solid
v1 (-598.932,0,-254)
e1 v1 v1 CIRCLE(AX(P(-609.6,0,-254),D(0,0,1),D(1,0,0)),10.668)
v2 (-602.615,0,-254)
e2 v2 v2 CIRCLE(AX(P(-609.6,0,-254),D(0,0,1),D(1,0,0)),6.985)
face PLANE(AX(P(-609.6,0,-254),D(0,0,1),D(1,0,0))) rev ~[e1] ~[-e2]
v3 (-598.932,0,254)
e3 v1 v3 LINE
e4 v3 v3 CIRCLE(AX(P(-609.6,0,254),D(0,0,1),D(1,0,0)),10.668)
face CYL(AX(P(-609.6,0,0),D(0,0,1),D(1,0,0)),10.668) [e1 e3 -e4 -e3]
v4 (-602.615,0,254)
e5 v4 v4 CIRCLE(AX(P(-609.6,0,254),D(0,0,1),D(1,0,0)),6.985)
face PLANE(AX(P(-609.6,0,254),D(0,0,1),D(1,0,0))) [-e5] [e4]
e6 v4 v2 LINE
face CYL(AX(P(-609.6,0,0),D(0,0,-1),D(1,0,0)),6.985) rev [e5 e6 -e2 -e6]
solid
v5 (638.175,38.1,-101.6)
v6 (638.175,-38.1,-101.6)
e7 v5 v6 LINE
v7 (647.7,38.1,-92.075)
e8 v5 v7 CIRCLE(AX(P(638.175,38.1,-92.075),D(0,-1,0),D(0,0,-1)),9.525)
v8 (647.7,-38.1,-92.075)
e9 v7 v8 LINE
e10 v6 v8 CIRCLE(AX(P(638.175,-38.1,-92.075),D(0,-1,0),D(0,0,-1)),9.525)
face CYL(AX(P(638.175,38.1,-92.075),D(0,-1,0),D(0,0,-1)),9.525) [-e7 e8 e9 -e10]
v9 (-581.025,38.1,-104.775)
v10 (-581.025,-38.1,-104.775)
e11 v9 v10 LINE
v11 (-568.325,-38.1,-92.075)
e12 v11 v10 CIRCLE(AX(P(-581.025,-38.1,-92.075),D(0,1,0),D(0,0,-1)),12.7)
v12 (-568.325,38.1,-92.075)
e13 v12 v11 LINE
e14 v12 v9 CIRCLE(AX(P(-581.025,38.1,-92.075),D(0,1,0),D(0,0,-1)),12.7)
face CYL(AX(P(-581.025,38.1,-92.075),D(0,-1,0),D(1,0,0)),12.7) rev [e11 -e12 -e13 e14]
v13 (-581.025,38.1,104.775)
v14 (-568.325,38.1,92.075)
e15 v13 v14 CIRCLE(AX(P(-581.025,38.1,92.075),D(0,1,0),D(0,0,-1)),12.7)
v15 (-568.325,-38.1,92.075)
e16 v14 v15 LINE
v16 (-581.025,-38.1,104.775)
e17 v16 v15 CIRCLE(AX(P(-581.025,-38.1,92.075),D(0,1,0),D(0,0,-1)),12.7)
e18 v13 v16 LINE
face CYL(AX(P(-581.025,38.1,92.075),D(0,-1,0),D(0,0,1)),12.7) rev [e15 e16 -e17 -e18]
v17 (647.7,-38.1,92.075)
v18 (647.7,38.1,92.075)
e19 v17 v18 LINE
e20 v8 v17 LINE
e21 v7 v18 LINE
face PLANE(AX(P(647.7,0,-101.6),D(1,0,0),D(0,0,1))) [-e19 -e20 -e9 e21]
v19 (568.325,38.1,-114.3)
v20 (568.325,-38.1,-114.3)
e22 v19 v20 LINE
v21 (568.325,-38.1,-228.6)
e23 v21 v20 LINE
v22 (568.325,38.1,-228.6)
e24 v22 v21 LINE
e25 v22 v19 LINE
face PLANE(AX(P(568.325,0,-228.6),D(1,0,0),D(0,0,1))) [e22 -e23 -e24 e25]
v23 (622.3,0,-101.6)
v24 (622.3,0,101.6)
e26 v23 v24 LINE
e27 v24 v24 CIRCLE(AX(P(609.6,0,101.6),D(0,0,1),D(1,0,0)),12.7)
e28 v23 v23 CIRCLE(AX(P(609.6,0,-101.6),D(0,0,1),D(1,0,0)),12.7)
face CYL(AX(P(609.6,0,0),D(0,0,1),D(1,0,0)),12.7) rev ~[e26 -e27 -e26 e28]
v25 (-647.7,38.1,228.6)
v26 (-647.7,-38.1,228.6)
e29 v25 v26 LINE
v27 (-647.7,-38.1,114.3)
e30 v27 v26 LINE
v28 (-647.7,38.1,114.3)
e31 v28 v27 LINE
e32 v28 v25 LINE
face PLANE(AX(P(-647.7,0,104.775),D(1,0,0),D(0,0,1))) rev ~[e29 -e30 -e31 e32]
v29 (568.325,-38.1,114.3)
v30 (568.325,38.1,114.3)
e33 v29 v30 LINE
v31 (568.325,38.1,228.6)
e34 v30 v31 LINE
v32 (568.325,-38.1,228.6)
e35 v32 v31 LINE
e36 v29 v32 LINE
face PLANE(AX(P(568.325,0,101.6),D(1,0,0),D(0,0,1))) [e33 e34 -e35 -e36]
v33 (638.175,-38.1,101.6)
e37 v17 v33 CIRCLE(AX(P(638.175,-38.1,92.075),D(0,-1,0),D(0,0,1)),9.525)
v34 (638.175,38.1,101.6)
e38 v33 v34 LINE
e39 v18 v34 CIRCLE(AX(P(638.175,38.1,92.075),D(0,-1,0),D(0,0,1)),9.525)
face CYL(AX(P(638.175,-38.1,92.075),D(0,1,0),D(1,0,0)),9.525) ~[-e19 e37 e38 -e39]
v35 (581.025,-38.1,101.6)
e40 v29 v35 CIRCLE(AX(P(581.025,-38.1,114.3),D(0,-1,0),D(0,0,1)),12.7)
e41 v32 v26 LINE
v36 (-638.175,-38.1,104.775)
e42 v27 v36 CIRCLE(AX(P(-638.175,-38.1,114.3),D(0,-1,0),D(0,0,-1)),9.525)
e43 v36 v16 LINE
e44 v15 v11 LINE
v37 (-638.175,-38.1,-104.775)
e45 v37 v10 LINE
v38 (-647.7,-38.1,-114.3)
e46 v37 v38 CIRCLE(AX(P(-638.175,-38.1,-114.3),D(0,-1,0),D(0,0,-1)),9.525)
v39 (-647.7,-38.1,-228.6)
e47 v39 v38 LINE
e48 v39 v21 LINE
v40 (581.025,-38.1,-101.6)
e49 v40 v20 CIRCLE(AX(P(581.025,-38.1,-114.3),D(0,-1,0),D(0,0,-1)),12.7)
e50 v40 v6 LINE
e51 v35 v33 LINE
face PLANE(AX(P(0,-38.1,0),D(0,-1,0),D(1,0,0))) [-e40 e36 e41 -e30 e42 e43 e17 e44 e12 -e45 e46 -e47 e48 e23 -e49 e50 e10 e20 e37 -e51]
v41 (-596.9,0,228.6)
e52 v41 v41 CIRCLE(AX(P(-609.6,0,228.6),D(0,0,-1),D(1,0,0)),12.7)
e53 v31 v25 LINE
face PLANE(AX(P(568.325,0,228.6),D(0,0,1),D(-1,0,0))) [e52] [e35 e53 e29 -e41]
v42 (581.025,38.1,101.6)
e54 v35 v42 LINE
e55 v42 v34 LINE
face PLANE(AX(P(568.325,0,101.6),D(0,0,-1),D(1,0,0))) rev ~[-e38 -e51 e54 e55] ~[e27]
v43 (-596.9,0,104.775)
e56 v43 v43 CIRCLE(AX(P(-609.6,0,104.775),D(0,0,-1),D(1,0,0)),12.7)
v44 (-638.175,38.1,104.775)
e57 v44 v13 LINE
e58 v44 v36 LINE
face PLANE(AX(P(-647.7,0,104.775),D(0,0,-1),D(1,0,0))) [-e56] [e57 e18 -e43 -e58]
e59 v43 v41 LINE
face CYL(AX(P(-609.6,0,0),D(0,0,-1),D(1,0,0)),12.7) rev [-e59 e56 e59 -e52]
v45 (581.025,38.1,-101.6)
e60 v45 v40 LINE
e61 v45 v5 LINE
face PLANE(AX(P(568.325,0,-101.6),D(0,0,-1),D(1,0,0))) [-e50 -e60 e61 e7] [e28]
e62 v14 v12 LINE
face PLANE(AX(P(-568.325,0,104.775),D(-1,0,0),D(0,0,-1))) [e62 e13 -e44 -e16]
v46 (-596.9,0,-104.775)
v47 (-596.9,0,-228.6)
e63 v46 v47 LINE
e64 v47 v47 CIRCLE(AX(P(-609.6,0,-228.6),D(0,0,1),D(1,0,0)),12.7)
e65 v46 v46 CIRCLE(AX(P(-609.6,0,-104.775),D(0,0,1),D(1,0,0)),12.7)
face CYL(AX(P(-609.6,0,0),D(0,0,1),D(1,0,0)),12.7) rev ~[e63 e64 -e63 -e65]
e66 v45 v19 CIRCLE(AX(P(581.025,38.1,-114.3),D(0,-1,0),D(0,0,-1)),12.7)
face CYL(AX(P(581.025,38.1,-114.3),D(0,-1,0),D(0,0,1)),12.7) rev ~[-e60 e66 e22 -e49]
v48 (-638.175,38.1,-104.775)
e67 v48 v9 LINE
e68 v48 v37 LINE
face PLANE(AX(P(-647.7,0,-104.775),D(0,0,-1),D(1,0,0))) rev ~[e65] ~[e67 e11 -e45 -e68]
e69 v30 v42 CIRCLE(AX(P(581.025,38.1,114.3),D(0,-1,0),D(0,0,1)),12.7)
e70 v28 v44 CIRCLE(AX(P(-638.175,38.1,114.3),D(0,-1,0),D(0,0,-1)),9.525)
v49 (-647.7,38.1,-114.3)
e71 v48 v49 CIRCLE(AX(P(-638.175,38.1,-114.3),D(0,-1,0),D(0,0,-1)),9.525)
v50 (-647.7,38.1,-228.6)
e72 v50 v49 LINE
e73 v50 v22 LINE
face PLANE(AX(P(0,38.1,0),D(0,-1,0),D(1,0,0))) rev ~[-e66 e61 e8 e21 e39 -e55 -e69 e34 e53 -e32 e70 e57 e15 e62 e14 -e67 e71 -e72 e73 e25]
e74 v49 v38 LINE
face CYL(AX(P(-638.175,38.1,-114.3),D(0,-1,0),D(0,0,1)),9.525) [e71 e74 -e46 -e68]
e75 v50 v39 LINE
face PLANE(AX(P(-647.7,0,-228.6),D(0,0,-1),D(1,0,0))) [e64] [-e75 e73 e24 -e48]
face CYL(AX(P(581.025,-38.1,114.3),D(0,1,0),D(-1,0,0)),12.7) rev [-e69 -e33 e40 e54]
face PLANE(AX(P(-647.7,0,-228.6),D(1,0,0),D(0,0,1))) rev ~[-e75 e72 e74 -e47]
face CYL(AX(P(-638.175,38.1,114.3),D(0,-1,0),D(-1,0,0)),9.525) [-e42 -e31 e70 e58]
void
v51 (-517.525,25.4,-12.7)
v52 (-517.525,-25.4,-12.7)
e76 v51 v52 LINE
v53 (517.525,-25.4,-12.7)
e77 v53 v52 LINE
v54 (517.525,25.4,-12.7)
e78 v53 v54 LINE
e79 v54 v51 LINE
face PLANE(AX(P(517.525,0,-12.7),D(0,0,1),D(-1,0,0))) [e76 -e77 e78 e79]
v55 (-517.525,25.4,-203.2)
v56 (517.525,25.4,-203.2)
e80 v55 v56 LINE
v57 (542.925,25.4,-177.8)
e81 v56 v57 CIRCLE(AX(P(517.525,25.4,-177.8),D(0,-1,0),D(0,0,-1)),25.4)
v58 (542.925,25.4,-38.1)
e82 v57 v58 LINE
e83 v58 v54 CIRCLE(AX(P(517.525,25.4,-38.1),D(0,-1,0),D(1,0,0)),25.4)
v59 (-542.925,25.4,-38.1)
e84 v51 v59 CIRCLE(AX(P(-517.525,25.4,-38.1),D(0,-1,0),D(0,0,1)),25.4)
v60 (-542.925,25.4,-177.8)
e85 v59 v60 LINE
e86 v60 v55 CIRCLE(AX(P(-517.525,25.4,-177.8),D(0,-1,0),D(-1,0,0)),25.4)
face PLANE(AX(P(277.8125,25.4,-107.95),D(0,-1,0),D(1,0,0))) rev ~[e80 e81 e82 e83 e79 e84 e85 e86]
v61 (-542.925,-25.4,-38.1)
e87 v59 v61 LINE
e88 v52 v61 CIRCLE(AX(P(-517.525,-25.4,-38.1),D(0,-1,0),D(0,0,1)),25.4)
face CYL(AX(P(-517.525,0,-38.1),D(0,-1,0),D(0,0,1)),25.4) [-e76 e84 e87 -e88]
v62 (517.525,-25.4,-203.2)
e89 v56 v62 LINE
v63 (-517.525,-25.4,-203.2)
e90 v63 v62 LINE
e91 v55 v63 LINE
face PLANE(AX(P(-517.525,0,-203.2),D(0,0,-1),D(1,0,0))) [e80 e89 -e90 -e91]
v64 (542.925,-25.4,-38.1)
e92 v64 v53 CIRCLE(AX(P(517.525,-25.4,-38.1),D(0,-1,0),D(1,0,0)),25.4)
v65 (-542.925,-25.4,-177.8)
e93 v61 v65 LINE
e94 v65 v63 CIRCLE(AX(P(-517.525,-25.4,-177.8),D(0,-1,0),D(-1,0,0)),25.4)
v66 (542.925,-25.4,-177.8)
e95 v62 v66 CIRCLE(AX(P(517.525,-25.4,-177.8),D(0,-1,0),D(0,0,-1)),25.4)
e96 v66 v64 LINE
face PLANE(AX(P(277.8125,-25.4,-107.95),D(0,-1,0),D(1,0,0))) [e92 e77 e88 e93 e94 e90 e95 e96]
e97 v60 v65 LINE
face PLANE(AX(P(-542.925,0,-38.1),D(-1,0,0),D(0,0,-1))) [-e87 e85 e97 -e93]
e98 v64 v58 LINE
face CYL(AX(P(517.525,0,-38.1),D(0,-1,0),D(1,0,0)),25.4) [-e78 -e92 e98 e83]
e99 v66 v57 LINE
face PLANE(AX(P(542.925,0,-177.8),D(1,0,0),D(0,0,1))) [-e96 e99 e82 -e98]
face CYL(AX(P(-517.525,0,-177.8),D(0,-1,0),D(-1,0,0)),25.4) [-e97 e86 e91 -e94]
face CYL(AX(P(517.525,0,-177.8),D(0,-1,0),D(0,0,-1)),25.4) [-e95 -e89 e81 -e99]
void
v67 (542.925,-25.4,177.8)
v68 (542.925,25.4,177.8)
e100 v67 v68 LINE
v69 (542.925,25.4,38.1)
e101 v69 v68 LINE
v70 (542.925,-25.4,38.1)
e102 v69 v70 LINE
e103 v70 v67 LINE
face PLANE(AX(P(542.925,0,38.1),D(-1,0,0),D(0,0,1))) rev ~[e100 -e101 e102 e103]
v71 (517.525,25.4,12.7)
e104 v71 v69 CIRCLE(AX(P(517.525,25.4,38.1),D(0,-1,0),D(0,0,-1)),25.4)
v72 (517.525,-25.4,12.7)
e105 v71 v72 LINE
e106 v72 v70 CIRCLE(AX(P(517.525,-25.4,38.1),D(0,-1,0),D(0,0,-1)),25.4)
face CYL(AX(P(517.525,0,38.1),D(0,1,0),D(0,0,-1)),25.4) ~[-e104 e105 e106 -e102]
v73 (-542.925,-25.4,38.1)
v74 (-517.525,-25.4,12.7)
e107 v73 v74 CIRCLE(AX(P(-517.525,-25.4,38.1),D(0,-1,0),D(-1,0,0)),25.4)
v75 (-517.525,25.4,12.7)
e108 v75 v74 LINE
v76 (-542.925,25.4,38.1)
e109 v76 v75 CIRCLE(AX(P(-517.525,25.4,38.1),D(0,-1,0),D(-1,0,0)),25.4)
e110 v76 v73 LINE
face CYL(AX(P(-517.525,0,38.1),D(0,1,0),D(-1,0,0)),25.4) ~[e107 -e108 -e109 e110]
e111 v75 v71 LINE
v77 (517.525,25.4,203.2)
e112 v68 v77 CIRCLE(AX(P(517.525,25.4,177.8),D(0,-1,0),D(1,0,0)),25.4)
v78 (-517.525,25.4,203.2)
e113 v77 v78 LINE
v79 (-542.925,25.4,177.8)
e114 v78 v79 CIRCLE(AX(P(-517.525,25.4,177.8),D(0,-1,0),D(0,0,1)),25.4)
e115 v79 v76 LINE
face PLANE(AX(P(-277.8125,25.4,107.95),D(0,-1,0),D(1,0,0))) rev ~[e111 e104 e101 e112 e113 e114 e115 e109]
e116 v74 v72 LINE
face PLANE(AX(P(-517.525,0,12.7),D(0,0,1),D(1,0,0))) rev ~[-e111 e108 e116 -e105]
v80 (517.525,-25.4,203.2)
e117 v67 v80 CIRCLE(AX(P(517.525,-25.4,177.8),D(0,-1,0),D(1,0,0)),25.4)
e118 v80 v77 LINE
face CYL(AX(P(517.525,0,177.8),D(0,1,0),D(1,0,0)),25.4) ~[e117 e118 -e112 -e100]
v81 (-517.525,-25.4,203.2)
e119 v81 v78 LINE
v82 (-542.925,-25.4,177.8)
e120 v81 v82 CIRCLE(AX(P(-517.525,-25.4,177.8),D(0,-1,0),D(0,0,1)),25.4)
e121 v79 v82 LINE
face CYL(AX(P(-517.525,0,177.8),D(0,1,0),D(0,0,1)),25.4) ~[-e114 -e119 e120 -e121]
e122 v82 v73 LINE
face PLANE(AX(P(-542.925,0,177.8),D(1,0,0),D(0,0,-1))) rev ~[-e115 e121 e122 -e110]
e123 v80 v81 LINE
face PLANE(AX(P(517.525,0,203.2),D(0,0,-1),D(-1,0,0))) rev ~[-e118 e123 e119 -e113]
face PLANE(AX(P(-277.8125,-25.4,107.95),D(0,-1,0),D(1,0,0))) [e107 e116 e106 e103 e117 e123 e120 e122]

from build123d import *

# Parameters (mm, degrees)
F0_W     = 79.375
F0_H     = 123.825
F0_H_2   = 203.2
F1_DEPTH = 38.1
F2_R     = 12.7
F3_DEPTH = 254
F4_R     = 9.525
F5_R     = 12.7
F7_DEPTH = 25.4
F8_R     = 10.668
F8_R_2   = 6.985
F9_DEPTH = 254


with BuildPart() as f1:
    # F0 (on Front) → F1 (new body, symmetric)
    with BuildSketch(Plane.XZ):
        Polygon((568.325, 228.6), (-568.325, 228.6), (-568.325, 104.775), (-568.325, -104.775), (-568.325, -228.6), (568.325, -228.6), (568.325, -101.6), (568.325, 101.6), align=None)
        with Locations((-608.0125, 166.6875)):
            Rectangle(F0_W, F0_H)
        with Locations((608.0125, 0)):
            Rectangle(F0_W, F0_H_2)
        with Locations((-608.0125, -166.6875)):
            Rectangle(F0_W, F0_H)
    extrude(amount=F1_DEPTH, both=True)

    # F2 (on Top) → F3 (cut, symmetric)
    with BuildSketch(Plane.XY):
        with Locations((-609.6, 0)):
            Circle(F2_R)
        with Locations((609.6, 0)):
            Circle(F2_R)
    extrude(amount=F3_DEPTH, both=True, mode=Mode.SUBTRACT)

    # F4
    f4_edges = [f1.edges().sort_by_distance(p)[0] for p in [
        (647.7, 0, 101.6),
        (647.7, 0, -101.6),
        (-647.7, 0, 104.775),
        (-647.7, 0, -104.775),
    ]]
    fillet(f4_edges, radius=F4_R)

    # F5
    f5_edges = [f1.edges().sort_by_distance(p)[0] for p in [
        (-568.325, 0, 104.775),
        (-568.325, 0, -104.775),
        (568.325, 0, -101.6),
        (568.325, 0, 101.6),
    ]]
    fillet(f5_edges, radius=F5_R)

    # F6 (on Front) → F7 (cut, symmetric)
    with BuildSketch(Plane.XZ):
        with BuildLine():
            Line((-38.1, 203.2), (-517.525, 203.2))
            ThreePointArc((-517.525, 203.2), (-535.4855122421, 195.7605122421), (-542.925, 177.8))
            Line((-542.925, 177.8), (-542.925, 38.1))
            ThreePointArc((-542.925, 38.1), (-535.4855122421, 20.1394877579), (-517.525, 12.7))
            Line((-517.525, 12.7), (-38.1, 12.7))
            ThreePointArc((-38.1, 12.7), (-20.1394877579, 20.1394877579), (-12.7, 38.1))
            Line((-12.7, 38.1), (-12.7, 177.8))
            ThreePointArc((-12.7, 177.8), (-20.1394877579, 195.7605122421), (-38.1, 203.2))
        make_face()
        with BuildLine():
            Line((38.1, 203.2), (-38.1, 203.2))
            ThreePointArc((-38.1, 203.2), (-20.1394877579, 195.7605122421), (-12.7, 177.8))
            Line((-12.7, 177.8), (-12.7, 38.1))
            ThreePointArc((-12.7, 38.1), (-20.1394877579, 20.1394877579), (-38.1, 12.7))
            Line((-38.1, 12.7), (38.1, 12.7))
            ThreePointArc((38.1, 12.7), (20.1394877579, 20.1394877579), (12.7, 38.1))
            Line((12.7, 38.1), (12.7, 177.8))
            ThreePointArc((12.7, 177.8), (20.1394877579, 195.7605122421), (38.1, 203.2))
        make_face()
        with BuildLine():
            Line((517.525, 203.2), (38.1, 203.2))
            ThreePointArc((38.1, 203.2), (20.1394877579, 195.7605122421), (12.7, 177.8))
            Line((12.7, 177.8), (12.7, 38.1))
            ThreePointArc((12.7, 38.1), (20.1394877579, 20.1394877579), (38.1, 12.7))
            Line((38.1, 12.7), (517.525, 12.7))
            ThreePointArc((517.525, 12.7), (535.4855122421, 20.1394877579), (542.925, 38.1))
            Line((542.925, 38.1), (542.925, 177.8))
            ThreePointArc((542.925, 177.8), (535.4855122421, 195.7605122421), (517.525, 203.2))
        make_face()
        with BuildLine():
            Line((517.525, -12.7), (38.1, -12.7))
            ThreePointArc((38.1, -12.7), (20.1394877579, -20.1394877579), (12.7, -38.1))
            Line((12.7, -38.1), (12.7, -177.8))
            ThreePointArc((12.7, -177.8), (20.1394877579, -195.7605122421), (38.1, -203.2))
            Line((38.1, -203.2), (517.525, -203.2))
            ThreePointArc((517.525, -203.2), (535.4855122421, -195.7605122421), (542.925, -177.8))
            Line((542.925, -177.8), (542.925, -38.1))
            ThreePointArc((542.925, -38.1), (535.4855122421, -20.1394877579), (517.525, -12.7))
        make_face()
        with BuildLine():
            ThreePointArc((12.7, -38.1), (20.1394877579, -20.1394877579), (38.1, -12.7))
            Line((38.1, -12.7), (-38.1, -12.7))
            ThreePointArc((-38.1, -12.7), (-20.1394877579, -20.1394877579), (-12.7, -38.1))
            Line((-12.7, -38.1), (-12.7, -177.8))
            ThreePointArc((-12.7, -177.8), (-20.1394877579, -195.7605122421), (-38.1, -203.2))
            Line((-38.1, -203.2), (38.1, -203.2))
            ThreePointArc((38.1, -203.2), (20.1394877579, -195.7605122421), (12.7, -177.8))
            Line((12.7, -177.8), (12.7, -38.1))
        make_face()
        with BuildLine():
            ThreePointArc((-12.7, -38.1), (-20.1394877579, -20.1394877579), (-38.1, -12.7))
            Line((-38.1, -12.7), (-517.525, -12.7))
            ThreePointArc((-517.525, -12.7), (-535.4855122421, -20.1394877579), (-542.925, -38.1))
            Line((-542.925, -38.1), (-542.925, -177.8))
            ThreePointArc((-542.925, -177.8), (-535.4855122421, -195.7605122421), (-517.525, -203.2))
            Line((-517.525, -203.2), (-38.1, -203.2))
            ThreePointArc((-38.1, -203.2), (-20.1394877579, -195.7605122421), (-12.7, -177.8))
            Line((-12.7, -177.8), (-12.7, -38.1))
        make_face()
    extrude(amount=F7_DEPTH, both=True, mode=Mode.SUBTRACT)


with BuildPart() as f9:
    # F8 (on Top) → F9 (new body, symmetric)
    with BuildSketch(Plane.XY):
        with Locations((-609.6, 0)):
            Circle(F8_R)
        with Locations((-609.6, 0)):
            Circle(F8_R_2, mode=Mode.SUBTRACT)
    extrude(amount=F9_DEPTH, both=True)


solid = Compound([f1.part, f9.part])
